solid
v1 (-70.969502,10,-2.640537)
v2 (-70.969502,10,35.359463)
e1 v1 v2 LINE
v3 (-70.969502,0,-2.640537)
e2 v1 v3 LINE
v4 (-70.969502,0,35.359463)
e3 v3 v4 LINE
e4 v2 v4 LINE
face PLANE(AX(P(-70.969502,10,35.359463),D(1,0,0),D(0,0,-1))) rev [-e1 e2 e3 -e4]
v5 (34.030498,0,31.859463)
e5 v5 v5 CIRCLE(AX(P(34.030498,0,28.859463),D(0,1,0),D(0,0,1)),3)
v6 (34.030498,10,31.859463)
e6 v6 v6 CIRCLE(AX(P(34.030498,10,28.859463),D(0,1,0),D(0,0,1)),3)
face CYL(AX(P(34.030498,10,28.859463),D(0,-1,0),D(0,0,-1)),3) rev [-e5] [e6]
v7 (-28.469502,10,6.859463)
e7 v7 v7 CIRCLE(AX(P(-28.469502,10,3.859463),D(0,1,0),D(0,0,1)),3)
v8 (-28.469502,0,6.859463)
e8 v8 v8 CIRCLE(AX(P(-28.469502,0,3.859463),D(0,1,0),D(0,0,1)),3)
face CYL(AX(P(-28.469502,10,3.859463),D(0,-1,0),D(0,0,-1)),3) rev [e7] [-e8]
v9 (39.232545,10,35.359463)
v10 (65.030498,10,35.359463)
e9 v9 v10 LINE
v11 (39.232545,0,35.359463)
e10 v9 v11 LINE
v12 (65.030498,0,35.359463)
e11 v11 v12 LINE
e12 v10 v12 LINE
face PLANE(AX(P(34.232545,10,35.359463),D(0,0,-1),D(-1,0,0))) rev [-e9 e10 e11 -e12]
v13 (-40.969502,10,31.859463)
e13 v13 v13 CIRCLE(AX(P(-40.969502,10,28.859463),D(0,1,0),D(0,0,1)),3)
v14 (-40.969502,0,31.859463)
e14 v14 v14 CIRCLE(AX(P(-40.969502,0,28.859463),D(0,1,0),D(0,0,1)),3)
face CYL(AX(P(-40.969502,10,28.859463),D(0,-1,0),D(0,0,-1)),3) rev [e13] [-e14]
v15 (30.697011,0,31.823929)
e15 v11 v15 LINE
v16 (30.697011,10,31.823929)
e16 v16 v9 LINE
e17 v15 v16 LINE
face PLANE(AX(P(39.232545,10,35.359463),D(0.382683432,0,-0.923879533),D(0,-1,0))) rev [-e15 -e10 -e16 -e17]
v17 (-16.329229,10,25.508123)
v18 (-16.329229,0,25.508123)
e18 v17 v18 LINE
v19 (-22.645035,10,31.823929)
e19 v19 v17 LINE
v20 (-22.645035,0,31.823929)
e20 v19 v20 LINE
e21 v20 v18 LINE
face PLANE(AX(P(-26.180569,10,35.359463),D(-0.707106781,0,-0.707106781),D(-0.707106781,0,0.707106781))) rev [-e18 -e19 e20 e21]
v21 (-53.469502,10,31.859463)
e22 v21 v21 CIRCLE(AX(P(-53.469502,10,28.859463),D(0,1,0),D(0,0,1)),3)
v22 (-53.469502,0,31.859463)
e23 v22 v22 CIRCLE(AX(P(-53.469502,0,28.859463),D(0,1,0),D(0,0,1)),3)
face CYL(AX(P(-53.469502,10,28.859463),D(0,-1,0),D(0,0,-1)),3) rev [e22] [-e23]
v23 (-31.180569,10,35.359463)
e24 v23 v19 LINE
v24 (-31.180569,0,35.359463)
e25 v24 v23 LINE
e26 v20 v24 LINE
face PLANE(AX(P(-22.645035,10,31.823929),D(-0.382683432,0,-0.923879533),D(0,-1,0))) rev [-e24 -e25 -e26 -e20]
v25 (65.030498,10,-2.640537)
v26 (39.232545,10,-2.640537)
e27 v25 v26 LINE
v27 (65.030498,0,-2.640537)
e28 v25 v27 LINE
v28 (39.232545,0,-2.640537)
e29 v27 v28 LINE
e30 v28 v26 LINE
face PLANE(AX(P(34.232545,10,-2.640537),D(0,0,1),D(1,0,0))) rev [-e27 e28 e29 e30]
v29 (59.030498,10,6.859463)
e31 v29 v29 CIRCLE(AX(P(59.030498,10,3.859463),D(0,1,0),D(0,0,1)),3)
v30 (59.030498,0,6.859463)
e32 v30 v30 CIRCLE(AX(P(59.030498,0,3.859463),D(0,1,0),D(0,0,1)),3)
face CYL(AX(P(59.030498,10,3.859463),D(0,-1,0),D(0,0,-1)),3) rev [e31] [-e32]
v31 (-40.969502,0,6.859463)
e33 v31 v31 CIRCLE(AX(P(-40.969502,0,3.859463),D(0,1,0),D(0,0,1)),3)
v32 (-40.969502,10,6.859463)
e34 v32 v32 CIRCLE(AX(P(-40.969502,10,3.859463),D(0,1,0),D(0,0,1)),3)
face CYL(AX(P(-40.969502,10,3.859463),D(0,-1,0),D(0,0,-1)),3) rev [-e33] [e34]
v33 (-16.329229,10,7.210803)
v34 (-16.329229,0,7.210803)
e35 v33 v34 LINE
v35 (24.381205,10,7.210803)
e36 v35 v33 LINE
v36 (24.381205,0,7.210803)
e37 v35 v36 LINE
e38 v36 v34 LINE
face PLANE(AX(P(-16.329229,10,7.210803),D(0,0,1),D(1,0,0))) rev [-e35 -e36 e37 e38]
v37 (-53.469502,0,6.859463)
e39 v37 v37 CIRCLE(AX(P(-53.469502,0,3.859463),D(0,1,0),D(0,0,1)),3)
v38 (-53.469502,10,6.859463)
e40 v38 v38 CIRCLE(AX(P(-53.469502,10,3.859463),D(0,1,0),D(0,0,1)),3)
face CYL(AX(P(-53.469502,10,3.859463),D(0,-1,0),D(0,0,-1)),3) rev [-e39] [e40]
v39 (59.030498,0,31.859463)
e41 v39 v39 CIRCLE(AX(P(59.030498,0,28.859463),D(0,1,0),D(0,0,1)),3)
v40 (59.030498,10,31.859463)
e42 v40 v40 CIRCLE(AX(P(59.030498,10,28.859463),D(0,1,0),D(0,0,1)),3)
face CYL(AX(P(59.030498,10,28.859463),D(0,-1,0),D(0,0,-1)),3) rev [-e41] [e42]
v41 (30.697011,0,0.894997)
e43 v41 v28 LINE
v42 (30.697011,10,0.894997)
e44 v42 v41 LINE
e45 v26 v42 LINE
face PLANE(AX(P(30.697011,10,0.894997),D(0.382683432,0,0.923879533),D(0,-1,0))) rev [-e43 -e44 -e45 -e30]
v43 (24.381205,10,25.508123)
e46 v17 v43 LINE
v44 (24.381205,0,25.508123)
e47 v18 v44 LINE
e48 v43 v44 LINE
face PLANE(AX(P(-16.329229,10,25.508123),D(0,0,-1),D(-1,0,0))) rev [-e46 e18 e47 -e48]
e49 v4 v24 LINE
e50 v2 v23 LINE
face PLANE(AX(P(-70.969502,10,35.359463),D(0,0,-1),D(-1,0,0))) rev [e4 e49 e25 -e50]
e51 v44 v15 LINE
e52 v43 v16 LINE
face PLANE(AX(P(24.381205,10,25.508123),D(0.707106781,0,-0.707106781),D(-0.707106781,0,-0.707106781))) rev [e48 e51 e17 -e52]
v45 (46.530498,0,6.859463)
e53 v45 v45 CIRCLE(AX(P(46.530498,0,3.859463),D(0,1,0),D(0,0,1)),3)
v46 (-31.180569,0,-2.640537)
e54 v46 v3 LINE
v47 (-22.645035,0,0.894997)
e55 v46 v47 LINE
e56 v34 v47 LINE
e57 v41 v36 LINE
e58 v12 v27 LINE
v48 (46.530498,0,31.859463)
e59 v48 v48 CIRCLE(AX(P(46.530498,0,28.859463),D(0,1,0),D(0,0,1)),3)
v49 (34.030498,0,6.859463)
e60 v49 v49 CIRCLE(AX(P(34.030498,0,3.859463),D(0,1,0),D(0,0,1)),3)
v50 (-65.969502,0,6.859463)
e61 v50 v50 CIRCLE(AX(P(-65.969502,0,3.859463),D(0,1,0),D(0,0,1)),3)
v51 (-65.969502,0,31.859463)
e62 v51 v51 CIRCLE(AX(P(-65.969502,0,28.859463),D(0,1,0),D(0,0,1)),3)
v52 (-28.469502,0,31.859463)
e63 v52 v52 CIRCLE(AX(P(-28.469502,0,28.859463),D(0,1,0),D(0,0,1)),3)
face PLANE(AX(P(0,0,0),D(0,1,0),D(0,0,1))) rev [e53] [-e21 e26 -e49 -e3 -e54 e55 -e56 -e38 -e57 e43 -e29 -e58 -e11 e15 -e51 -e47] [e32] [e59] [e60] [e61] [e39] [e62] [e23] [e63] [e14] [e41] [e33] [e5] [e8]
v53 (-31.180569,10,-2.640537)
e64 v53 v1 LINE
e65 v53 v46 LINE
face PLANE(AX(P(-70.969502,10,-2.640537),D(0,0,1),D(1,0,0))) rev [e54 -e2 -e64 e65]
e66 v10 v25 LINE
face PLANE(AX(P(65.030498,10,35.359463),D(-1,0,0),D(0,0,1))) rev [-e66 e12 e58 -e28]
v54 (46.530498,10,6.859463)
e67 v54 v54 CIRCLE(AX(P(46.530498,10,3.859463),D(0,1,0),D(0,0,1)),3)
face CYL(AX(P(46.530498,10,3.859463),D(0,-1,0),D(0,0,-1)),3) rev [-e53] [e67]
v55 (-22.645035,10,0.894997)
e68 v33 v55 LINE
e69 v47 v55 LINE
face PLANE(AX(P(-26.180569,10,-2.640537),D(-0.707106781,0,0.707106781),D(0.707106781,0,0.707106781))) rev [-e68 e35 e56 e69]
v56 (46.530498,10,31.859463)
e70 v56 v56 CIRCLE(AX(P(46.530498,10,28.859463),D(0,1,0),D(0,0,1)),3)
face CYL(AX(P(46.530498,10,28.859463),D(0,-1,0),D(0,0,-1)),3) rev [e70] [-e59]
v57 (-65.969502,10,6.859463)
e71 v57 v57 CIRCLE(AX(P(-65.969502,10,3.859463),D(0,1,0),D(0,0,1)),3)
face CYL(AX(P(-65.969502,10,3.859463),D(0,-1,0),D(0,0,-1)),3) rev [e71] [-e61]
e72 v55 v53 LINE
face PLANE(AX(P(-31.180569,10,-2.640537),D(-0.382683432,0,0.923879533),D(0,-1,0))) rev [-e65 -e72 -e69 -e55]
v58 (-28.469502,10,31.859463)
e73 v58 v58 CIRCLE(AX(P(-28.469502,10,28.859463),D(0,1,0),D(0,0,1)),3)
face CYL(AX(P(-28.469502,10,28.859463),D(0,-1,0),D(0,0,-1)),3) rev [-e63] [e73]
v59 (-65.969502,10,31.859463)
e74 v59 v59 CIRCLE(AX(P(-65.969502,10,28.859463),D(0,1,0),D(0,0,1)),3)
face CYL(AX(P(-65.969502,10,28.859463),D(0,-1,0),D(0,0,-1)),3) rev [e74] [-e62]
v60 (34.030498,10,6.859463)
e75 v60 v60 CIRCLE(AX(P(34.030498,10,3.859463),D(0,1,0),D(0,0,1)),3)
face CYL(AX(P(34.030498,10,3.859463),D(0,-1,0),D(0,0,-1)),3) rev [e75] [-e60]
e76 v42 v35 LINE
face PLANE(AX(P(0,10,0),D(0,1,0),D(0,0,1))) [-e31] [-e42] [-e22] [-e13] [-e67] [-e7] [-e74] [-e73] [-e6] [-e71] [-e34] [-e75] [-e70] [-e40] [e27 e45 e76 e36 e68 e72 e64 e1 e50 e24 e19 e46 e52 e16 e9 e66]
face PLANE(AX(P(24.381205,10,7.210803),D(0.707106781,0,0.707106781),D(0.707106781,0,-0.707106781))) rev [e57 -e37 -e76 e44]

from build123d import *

# Parameters (mm, degrees)
SKETCH1_R           = 3
BOSS_EXTRUDE1_DEPTH = 10
CHAMFER1_SIZE       = 5


with BuildPart() as part:
    # Sketch1 → Boss-Extrude1 (new body)
    with BuildSketch(Plane(origin=(0, 0, 0), x_dir=(1, 0, 0), z_dir=(0, 1, 0))):
        Polygon((-26.18056889, 2.640536741), (-16.329229088, -7.210803061), (24.381205478, -7.210803061), (34.23254528, 2.640536741), (65.030497816, 2.640536741), (65.030497816, -35.359463259), (34.23254528, -35.359463259), (24.381205478, -25.508123456), (-16.329229088, -25.508123456), (-26.18056889, -35.359463259), (-70.969502184, -35.359463259), (-70.969502184, 2.640536741), align=None)
        with Locations(Location((-65.969502184, -3.859463259, 0), (0, 0, 270))):
            Circle(SKETCH1_R, mode=Mode.SUBTRACT)
        with Locations(Location((-40.969502184, -3.859463259, 0), (0, 0, 270))):
            Circle(SKETCH1_R, mode=Mode.SUBTRACT)
        with Locations(Location((-40.969502184, -28.859463259, 0), (0, 0, 270))):
            Circle(SKETCH1_R, mode=Mode.SUBTRACT)
        with Locations(Location((-65.969502184, -28.859463259, 0), (0, 0, 270))):
            Circle(SKETCH1_R, mode=Mode.SUBTRACT)
        with Locations(Location((-28.469502184, -28.859463259, 0), (0, 0, 270))):
            Circle(SKETCH1_R, mode=Mode.SUBTRACT)
        with Locations(Location((-53.469502184, -3.859463259, 0), (0, 0, 270))):
            Circle(SKETCH1_R, mode=Mode.SUBTRACT)
        with Locations(Location((-53.469502184, -28.859463259, 0), (0, 0, 270))):
            Circle(SKETCH1_R, mode=Mode.SUBTRACT)
        with Locations(Location((-28.469502184, -3.859463259, 0), (0, 0, 270))):
            Circle(SKETCH1_R, mode=Mode.SUBTRACT)
        with Locations(Location((34.030497816, -3.859463259, 0), (0, 0, 270))):
            Circle(SKETCH1_R, mode=Mode.SUBTRACT)
        with Locations(Location((59.030497816, -28.859463259, 0), (0, 0, 270))):
            Circle(SKETCH1_R, mode=Mode.SUBTRACT)
        with Locations(Location((59.030497816, -3.859463259, 0), (0, 0, 270))):
            Circle(SKETCH1_R, mode=Mode.SUBTRACT)
        with Locations(Location((34.030497816, -28.859463259, 0), (0, 0, 270))):
            Circle(SKETCH1_R, mode=Mode.SUBTRACT)
        with Locations(Location((46.530497816, -28.859463259, 0), (0, 0, 270))):
            Circle(SKETCH1_R, mode=Mode.SUBTRACT)
        with Locations(Location((46.530497816, -3.859463259, 0), (0, 0, 270))):
            Circle(SKETCH1_R, mode=Mode.SUBTRACT)
    extrude(amount=BOSS_EXTRUDE1_DEPTH)

    # Chamfer1
    chamfer1_edges = [part.edges().sort_by_distance(p)[0] for p in [
        (-26.18056889, 5, -2.640536741),
        (34.23254528, 5, -2.640536741),
        (34.23254528, 5, 35.359463259),
        (-26.18056889, 5, 35.359463259),
    ]]
    chamfer(chamfer1_edges, length=CHAMFER1_SIZE)


solid = part.part
